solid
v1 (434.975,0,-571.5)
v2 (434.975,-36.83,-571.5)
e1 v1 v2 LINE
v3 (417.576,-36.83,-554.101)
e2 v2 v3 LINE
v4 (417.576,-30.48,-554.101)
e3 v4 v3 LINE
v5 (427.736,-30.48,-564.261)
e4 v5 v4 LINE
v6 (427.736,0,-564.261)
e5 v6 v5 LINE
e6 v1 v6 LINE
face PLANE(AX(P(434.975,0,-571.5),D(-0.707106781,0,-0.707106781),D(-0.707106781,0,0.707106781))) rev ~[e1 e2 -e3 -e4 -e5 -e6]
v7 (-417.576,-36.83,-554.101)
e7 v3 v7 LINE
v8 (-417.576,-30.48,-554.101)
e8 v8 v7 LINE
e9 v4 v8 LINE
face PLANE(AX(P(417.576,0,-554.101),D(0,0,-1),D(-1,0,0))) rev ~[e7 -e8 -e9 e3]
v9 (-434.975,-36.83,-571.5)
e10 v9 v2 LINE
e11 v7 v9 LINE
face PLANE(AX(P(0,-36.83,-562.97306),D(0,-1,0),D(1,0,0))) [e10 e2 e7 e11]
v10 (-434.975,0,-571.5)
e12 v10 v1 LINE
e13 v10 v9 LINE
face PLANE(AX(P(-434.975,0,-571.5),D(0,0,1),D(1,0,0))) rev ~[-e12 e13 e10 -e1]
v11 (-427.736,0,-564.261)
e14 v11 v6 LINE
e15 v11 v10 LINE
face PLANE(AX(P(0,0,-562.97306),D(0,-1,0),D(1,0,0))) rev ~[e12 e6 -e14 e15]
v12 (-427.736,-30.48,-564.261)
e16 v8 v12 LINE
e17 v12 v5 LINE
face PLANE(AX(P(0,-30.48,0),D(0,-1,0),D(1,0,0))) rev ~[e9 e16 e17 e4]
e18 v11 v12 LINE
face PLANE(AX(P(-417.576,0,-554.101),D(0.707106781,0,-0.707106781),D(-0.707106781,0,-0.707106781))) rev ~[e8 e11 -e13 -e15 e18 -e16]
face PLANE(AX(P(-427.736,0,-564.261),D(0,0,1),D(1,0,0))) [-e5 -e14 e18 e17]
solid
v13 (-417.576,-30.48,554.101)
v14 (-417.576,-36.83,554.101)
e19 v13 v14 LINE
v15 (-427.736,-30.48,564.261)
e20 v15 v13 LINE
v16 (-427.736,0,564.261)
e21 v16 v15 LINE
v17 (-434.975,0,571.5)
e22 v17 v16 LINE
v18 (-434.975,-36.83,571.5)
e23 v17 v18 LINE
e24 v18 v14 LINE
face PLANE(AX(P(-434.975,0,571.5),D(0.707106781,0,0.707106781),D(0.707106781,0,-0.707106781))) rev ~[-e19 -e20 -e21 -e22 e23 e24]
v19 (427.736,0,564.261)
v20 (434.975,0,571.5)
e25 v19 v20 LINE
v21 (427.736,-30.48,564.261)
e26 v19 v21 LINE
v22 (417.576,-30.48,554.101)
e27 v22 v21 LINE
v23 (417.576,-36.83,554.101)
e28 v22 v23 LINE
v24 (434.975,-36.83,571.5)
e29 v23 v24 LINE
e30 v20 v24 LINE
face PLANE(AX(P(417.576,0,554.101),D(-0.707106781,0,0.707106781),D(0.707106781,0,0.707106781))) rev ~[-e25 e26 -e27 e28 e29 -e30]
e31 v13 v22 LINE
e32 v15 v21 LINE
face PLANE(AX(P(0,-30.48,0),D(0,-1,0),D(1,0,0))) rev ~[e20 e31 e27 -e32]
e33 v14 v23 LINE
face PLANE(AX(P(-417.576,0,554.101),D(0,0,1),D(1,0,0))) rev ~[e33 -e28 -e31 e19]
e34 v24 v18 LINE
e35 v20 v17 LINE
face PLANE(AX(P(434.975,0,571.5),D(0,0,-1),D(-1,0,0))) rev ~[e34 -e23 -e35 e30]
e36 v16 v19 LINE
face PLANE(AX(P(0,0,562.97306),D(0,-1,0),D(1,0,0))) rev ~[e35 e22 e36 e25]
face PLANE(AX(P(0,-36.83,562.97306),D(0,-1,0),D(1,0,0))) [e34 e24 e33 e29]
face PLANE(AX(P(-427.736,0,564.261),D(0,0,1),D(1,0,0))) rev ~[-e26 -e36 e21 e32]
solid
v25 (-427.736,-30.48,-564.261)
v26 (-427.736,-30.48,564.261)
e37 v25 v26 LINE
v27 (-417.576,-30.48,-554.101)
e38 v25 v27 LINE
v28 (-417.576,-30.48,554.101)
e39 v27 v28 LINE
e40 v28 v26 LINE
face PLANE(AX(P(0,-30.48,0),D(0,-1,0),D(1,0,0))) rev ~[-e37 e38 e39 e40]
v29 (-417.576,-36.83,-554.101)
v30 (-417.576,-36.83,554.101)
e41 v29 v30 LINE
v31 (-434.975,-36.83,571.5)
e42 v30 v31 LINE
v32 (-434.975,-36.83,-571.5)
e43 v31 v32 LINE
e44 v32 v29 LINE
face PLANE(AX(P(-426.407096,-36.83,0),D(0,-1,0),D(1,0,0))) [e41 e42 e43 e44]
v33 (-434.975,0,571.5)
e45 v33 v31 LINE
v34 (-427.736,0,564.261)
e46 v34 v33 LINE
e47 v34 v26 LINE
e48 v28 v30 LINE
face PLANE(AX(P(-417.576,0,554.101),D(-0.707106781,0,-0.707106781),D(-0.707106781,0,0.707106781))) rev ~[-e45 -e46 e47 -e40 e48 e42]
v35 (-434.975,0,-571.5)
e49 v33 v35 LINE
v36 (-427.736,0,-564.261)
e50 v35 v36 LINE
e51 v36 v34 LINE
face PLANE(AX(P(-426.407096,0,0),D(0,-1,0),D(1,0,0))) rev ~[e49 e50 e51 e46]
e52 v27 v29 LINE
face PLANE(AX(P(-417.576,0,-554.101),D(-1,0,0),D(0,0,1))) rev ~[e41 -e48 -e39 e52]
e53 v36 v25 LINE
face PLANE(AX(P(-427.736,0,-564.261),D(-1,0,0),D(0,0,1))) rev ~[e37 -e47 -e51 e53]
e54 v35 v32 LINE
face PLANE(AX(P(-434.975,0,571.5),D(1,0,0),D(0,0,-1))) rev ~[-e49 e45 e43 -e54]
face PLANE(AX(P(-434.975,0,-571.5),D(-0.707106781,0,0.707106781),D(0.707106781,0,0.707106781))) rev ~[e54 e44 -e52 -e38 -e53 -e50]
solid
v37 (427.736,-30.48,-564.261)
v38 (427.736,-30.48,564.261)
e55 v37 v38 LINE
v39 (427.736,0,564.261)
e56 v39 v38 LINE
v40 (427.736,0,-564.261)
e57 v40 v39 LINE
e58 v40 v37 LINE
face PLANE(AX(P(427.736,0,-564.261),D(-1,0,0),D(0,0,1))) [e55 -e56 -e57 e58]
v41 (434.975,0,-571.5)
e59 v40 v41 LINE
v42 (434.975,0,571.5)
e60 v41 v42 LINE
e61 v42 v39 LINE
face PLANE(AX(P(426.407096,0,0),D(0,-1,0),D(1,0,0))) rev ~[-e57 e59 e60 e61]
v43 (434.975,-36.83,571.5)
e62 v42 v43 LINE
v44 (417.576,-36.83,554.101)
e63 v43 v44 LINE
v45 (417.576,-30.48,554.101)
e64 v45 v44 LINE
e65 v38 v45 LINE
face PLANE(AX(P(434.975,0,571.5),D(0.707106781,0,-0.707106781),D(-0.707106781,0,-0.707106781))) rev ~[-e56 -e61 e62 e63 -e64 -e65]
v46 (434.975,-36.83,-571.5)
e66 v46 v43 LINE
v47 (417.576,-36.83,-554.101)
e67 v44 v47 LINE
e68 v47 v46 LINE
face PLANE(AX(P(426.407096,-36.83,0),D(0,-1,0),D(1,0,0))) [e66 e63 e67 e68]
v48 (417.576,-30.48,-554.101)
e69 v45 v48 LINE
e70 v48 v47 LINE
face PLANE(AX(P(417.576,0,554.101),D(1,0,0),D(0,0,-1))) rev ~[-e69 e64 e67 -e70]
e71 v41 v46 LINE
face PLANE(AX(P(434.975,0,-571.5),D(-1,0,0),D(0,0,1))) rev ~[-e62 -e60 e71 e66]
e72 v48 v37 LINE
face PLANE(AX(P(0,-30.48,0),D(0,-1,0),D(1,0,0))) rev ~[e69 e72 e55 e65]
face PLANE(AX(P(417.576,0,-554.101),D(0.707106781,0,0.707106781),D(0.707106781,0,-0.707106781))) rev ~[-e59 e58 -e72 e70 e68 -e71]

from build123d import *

# Parameters (mm, degrees)
F2_DEPTH = 36.83
F4_DEPTH = 36.83
F5_W     = 855.472
F5_H     = 1128.522
F6_DEPTH = 30.48


with BuildPart() as f2:
    # F1 (on face) → F2 (new body)
    with BuildSketch(Plane.XZ):
        Polygon((-434.975, 571.5), (-434.975, -571.5), (-417.576, -554.101), (-417.576, 554.101), align=None)
        Polygon((417.576, -554.101), (434.975, -571.5), (434.975, 571.5), (417.576, 554.101), align=None)
    extrude(amount=F2_DEPTH)


with BuildPart() as f4:
    # F3 (on Front) → F4 (new body, through all)
    with BuildSketch(Plane.XZ):
        Polygon((434.975, 571.5), (-434.975, 571.5), (-417.576, 554.101), (417.576, 554.101), align=None)
        Polygon((-417.576, -554.101), (-434.975, -571.5), (434.975, -571.5), (417.576, -554.101), align=None)
    extrude(amount=F4_DEPTH)


with BuildPart() as f6_tool:
    # F5 (on face) → F6 (new body)
    with BuildSketch(Plane.XZ):
        Rectangle(F5_W, F5_H)
    extrude(amount=F6_DEPTH)


with BuildPart() as f2_1:
    add(f2.part)

    # F6: cut by f6_tool
    add(f6_tool.part, mode=Mode.SUBTRACT)


with BuildPart() as f4_1:
    add(f4.part)

    # F6: cut by f6_tool
    add(f6_tool.part, mode=Mode.SUBTRACT)


solid = Compound([f2_1.part, f4_1.part])
